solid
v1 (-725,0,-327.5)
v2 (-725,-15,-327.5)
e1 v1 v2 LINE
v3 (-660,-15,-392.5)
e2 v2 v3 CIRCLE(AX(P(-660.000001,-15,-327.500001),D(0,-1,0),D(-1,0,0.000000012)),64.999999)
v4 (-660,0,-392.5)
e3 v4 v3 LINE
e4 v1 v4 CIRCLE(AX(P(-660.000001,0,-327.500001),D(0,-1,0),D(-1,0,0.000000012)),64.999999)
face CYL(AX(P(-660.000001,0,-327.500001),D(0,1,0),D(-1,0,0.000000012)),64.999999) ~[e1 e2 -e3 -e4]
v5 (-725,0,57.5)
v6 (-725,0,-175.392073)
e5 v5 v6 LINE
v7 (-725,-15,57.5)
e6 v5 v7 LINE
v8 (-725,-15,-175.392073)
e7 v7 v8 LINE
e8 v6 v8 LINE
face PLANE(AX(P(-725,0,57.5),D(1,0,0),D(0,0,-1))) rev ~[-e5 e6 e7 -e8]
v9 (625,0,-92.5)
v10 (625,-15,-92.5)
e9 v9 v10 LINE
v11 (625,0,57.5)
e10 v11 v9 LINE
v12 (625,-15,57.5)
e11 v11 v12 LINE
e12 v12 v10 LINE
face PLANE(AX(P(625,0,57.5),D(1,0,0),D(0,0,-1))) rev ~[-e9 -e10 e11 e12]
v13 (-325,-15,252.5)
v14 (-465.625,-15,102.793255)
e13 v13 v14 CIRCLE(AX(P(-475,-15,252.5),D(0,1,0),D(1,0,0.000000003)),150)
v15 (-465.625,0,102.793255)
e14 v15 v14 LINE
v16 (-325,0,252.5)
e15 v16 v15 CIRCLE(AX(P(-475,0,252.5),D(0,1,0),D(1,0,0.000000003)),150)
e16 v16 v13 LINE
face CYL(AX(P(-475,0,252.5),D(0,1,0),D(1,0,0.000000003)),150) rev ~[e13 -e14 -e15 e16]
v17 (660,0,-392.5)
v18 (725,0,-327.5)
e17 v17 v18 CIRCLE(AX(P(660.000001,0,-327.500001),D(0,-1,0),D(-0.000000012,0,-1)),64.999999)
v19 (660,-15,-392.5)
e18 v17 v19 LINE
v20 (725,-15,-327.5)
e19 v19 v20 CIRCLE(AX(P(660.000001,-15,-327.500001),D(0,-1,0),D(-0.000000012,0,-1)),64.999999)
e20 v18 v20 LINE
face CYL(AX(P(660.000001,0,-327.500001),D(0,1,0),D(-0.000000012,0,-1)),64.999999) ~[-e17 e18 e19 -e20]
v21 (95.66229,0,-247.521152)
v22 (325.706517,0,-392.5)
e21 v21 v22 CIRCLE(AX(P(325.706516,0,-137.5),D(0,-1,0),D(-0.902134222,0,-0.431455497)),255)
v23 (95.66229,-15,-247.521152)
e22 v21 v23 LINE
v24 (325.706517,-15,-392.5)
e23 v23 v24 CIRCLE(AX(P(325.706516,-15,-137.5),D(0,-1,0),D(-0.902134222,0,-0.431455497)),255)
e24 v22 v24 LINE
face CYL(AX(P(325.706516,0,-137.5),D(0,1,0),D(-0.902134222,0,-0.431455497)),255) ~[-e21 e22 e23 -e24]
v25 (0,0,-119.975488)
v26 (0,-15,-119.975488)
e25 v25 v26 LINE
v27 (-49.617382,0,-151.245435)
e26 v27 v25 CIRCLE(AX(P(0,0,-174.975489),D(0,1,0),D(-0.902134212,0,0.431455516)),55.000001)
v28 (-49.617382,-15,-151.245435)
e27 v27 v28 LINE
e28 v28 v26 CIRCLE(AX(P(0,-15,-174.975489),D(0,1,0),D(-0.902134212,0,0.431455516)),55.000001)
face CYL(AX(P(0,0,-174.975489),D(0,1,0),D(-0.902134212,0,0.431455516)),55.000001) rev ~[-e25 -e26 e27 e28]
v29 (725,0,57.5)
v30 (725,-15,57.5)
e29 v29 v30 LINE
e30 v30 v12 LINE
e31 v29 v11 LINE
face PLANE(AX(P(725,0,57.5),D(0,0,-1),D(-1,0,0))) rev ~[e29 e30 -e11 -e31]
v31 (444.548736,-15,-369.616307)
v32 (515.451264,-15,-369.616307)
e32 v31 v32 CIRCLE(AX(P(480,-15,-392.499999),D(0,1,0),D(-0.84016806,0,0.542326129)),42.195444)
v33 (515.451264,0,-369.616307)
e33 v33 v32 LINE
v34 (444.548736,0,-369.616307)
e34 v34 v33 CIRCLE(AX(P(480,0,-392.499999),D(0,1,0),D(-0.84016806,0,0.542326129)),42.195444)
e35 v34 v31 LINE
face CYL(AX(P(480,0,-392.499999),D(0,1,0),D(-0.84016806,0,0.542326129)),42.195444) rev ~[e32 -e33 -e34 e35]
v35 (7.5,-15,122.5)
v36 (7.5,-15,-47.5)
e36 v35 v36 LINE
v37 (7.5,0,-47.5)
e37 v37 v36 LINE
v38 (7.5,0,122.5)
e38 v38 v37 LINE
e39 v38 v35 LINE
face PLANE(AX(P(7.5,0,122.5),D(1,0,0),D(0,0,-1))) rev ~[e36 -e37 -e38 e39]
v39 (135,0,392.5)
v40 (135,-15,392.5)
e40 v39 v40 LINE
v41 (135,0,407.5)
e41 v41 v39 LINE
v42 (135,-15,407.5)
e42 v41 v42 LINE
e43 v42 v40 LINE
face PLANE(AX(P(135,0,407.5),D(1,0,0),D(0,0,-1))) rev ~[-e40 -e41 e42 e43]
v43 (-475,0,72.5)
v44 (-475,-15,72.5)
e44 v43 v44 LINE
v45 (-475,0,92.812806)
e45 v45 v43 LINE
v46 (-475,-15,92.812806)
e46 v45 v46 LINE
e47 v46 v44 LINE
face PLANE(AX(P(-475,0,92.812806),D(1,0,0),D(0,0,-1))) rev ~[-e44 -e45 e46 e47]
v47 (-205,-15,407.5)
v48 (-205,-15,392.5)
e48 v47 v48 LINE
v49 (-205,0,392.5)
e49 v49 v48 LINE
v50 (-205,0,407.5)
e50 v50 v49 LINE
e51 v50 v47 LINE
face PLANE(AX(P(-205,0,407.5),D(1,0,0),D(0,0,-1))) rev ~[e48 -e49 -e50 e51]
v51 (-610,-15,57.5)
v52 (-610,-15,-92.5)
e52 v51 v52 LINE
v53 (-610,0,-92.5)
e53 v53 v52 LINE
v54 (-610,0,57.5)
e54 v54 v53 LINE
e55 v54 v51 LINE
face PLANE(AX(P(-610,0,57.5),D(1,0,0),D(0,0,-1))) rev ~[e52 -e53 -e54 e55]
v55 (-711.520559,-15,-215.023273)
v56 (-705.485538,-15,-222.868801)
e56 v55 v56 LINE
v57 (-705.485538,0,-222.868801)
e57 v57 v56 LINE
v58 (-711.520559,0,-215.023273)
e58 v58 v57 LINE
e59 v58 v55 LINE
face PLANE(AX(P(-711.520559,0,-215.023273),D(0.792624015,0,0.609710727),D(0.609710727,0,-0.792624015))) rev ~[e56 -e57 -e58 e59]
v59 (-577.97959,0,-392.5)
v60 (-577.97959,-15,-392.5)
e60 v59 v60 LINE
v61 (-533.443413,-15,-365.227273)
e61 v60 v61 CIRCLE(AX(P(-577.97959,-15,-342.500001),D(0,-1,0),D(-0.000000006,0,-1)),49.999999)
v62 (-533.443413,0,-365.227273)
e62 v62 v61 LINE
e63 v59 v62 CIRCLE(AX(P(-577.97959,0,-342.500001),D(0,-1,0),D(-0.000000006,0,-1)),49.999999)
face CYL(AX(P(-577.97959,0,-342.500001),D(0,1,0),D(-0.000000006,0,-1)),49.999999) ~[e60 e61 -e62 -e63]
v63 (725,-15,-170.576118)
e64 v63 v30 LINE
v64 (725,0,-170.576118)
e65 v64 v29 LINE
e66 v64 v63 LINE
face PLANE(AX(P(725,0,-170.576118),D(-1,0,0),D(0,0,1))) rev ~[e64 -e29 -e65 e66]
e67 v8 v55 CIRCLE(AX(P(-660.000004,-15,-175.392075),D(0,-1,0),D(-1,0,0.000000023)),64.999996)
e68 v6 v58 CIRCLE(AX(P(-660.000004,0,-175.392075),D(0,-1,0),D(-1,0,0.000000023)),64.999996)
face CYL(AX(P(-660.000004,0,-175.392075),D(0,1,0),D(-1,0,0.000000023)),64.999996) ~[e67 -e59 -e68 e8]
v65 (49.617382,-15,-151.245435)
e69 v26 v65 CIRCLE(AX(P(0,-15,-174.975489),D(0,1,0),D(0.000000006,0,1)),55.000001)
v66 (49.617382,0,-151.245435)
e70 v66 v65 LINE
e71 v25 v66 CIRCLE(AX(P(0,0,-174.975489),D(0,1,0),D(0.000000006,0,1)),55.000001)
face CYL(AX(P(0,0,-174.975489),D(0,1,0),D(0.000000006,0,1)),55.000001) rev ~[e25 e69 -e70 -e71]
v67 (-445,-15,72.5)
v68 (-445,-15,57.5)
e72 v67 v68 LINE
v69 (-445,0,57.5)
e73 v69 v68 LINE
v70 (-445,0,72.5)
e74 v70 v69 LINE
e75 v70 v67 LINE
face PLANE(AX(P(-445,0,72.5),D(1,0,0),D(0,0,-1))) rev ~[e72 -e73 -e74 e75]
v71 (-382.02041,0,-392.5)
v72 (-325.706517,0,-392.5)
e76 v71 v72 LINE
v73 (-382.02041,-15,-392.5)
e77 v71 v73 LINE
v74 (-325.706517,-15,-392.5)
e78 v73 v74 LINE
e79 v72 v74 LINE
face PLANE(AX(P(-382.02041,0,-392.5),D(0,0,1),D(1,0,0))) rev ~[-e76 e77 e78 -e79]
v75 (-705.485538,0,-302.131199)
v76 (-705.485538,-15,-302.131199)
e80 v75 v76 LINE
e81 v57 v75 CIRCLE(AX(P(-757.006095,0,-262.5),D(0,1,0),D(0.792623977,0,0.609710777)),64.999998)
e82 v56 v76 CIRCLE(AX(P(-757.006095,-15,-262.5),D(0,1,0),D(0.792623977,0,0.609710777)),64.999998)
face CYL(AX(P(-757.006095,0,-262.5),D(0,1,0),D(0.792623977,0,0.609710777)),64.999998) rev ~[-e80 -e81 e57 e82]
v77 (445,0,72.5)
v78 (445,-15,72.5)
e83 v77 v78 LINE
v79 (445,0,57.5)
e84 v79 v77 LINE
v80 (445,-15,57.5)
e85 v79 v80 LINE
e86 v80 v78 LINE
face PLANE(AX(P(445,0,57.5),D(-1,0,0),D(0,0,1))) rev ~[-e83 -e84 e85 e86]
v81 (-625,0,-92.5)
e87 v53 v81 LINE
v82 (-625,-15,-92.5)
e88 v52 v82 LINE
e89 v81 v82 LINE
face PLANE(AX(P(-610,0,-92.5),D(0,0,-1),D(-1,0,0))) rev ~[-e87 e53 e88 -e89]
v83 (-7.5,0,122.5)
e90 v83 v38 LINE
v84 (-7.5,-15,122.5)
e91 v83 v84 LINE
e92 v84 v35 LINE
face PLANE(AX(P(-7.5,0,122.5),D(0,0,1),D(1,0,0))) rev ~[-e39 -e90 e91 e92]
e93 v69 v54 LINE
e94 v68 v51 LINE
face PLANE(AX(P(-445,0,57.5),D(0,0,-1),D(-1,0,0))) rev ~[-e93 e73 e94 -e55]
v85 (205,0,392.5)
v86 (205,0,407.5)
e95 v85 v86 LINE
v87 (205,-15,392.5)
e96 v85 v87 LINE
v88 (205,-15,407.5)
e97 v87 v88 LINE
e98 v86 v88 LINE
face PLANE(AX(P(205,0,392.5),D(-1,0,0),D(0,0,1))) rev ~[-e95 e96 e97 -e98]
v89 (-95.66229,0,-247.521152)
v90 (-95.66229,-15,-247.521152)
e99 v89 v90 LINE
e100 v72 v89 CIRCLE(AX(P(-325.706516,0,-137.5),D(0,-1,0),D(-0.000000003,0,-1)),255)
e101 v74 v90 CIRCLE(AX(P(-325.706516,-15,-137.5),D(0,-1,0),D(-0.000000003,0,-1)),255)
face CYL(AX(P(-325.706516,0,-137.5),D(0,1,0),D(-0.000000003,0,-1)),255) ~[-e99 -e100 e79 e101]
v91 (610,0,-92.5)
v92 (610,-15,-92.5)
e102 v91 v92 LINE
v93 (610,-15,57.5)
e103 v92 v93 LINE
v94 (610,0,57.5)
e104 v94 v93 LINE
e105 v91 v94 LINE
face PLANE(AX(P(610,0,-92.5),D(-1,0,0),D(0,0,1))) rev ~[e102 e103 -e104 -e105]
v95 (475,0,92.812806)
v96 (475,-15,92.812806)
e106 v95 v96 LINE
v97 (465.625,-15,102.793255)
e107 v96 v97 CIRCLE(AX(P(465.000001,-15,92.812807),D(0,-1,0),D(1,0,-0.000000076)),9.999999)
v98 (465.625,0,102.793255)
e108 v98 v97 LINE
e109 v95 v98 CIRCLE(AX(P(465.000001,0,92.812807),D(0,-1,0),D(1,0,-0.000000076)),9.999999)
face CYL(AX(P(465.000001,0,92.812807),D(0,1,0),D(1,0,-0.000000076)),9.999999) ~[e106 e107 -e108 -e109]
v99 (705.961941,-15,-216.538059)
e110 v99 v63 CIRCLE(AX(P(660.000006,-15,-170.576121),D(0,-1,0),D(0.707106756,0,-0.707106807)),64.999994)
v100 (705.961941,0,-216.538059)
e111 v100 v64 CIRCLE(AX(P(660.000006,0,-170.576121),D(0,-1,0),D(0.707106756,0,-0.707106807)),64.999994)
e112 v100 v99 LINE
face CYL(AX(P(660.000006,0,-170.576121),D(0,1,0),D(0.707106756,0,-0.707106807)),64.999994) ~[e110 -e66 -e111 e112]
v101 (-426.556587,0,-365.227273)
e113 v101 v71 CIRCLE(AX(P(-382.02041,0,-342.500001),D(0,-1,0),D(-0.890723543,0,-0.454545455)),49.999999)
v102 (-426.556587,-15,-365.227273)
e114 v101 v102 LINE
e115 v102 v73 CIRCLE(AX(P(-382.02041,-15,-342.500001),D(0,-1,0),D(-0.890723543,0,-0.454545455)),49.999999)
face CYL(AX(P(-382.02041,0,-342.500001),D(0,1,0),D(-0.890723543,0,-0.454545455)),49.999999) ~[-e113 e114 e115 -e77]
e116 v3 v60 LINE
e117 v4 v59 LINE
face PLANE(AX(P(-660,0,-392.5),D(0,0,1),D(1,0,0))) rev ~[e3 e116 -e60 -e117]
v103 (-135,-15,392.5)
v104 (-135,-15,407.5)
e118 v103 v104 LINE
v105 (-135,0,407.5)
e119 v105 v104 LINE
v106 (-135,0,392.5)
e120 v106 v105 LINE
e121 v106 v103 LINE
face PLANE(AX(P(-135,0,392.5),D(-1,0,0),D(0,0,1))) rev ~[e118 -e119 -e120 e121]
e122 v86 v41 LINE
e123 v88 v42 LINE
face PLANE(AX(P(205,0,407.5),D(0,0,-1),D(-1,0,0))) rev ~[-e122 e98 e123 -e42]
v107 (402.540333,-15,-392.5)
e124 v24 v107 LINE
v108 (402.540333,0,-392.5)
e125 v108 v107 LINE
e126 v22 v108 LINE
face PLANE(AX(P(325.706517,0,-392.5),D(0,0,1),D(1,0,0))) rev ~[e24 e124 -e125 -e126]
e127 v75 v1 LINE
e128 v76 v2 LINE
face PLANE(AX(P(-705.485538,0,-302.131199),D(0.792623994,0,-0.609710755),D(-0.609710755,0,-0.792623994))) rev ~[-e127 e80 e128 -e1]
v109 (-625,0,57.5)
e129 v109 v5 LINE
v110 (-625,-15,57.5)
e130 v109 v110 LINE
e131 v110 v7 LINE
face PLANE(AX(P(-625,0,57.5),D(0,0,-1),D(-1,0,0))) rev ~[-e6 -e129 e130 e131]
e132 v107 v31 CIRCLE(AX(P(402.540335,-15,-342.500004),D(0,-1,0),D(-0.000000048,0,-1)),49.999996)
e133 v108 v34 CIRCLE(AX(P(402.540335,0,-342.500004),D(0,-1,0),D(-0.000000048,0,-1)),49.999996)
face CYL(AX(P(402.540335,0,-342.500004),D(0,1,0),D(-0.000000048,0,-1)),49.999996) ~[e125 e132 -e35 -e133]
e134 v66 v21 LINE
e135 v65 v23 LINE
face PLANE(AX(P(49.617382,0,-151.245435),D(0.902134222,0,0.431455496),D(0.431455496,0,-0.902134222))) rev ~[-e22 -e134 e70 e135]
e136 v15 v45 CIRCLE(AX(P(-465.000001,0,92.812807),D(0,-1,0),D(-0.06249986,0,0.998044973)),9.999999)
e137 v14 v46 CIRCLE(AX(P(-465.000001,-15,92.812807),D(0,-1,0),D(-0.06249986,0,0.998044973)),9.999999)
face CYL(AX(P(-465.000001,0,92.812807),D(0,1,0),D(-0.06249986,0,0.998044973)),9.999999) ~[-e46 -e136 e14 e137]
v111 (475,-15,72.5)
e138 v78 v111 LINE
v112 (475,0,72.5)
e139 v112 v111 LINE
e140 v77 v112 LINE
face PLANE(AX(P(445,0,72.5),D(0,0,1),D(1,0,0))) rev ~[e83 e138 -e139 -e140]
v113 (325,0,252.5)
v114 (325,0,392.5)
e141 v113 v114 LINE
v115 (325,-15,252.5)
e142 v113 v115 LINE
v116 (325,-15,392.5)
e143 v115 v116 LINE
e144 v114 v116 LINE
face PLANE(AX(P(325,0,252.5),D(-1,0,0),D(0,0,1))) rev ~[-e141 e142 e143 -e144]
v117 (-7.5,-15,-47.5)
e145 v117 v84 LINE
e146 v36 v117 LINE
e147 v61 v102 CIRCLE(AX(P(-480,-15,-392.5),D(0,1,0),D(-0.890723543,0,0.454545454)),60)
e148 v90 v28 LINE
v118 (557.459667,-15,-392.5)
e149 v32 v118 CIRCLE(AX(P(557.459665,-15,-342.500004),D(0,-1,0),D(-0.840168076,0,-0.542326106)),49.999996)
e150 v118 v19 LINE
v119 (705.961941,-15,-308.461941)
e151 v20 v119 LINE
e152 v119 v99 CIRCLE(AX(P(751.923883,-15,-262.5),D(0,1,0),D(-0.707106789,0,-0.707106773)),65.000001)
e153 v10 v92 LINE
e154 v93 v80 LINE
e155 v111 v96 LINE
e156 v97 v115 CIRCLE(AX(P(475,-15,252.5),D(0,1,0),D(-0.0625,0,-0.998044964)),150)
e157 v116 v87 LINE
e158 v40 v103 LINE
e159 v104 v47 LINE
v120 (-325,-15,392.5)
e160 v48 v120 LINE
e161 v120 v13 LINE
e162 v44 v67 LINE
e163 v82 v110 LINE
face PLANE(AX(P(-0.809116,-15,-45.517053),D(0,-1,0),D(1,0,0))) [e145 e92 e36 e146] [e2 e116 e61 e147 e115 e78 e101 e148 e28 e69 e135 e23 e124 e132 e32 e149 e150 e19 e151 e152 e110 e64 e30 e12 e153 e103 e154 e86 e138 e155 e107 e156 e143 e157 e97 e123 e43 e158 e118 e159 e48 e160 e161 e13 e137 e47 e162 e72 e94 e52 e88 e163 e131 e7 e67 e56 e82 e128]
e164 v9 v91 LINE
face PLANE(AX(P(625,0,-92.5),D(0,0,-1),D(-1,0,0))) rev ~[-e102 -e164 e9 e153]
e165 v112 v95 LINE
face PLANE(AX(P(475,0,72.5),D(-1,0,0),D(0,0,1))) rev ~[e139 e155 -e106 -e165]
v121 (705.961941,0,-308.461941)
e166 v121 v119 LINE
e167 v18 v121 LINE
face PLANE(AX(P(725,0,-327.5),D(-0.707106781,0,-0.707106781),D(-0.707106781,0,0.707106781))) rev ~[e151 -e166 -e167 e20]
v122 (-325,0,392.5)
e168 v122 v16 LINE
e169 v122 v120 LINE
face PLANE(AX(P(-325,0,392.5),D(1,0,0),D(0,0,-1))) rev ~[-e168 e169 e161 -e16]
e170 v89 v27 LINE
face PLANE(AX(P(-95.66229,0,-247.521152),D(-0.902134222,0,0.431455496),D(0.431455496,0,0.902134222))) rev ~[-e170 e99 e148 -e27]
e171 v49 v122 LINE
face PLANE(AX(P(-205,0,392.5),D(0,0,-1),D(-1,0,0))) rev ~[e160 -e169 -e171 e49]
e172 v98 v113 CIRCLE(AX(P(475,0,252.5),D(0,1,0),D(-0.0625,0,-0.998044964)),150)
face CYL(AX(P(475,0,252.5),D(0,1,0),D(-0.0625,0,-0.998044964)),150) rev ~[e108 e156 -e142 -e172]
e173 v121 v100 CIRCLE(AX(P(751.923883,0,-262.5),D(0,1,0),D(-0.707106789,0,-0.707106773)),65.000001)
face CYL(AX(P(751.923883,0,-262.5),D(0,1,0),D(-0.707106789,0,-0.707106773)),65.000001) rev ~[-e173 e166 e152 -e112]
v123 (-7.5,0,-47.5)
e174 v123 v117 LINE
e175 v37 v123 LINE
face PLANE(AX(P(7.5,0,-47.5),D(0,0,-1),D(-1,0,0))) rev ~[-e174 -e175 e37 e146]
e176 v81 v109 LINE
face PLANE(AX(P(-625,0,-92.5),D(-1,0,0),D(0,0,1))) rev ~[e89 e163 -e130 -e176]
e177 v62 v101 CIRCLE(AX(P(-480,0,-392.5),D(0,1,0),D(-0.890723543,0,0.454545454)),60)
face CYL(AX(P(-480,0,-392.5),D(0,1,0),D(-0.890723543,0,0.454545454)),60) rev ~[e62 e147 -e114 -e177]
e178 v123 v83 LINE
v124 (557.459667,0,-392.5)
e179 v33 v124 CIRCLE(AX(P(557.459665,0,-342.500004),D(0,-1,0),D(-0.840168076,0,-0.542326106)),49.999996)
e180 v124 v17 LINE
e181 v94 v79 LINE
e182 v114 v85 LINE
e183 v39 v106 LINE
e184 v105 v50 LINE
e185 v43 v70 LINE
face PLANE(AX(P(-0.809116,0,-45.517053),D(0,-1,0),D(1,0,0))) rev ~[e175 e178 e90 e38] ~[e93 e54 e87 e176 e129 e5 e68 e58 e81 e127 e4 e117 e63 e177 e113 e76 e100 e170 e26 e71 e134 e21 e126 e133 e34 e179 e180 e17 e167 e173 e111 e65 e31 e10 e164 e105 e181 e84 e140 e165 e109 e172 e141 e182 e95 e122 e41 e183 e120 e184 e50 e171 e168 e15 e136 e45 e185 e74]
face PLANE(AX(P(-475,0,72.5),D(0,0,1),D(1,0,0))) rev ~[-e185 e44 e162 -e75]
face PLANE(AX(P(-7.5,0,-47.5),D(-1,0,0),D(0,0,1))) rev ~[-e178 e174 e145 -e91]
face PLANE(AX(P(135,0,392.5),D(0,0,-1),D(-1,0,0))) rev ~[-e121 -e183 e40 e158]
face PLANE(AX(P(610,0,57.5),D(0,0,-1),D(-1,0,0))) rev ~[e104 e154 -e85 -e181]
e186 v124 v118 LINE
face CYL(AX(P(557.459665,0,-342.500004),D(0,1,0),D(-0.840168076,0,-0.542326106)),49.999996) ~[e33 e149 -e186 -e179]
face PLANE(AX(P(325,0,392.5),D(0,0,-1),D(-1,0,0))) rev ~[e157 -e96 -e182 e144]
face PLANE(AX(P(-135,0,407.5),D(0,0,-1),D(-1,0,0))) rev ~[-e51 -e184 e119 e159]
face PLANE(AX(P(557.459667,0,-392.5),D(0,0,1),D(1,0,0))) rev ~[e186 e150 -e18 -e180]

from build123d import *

# Parameters (mm, degrees)
F1_DEPTH = 15


with BuildPart() as f1:
    # F0 (on Front) → F1 (new body)
    with BuildSketch(Plane.XZ):
        with BuildLine():
            Line((-205, 392.5), (-325, 392.5))
            Line((-325, 392.5), (-325, 312.5))
            Line((-325, 312.5), (-325, 257.5))
            Line((-325, 257.5), (-325, 252.5))
            ThreePointArc((-325, 252.5), (-365.669652, 149.80202), (-465.625, 102.793255))
            ThreePointArc((-465.625, 102.793255), (-472.28869, 99.659338), (-475, 92.812806))
            Line((-475, 92.812806), (-475, 72.5))
            Line((-475, 72.5), (-445, 72.5))
            Line((-445, 72.5), (-445, 57.5))
            Line((-445, 57.5), (-610, 57.5))
            Line((-610, 57.5), (-610, -92.5))
            Line((-610, -92.5), (-625, -92.5))
            Line((-625, -92.5), (-625, 57.5))
            Line((-625, 57.5), (-725, 57.5))
            Line((-725, 57.5), (-725, -175.392073))
            ThreePointArc((-725, -175.392073), (-721.537941, -196.322478), (-711.520559, -215.023273))
            Line((-711.520559, -215.023273), (-705.485538, -222.868801))
            ThreePointArc((-705.485538, -222.868801), (-692.006097, -262.5), (-705.485538, -302.131199))
            Line((-705.485538, -302.131199), (-725, -327.5))
            ThreePointArc((-725, -327.5), (-705.961941, -373.461941), (-660, -392.5))
            Line((-660, -392.5), (-577.97959, -392.5))
            ThreePointArc((-577.97959, -392.5), (-551.867941, -385.140143), (-533.443413, -365.227273))
            ThreePointArc((-533.443413, -365.227273), (-480, -332.5), (-426.556587, -365.227273))
            ThreePointArc((-426.556587, -365.227273), (-408.132059, -385.140143), (-382.02041, -392.5))
            Line((-382.02041, -392.5), (-325.706517, -392.5))
            ThreePointArc((-325.706517, -392.5), (-189.747688, -353.231771), (-95.66229, -247.521152))
            Line((-95.66229, -247.521152), (-49.617382, -151.245435))
            ThreePointArc((-49.617382, -151.245435), (-29.324453, -128.445106), (0, -119.975488))
            ThreePointArc((0, -119.975488), (29.324453, -128.445106), (49.617382, -151.245435))
            Line((49.617382, -151.245435), (95.66229, -247.521152))
            ThreePointArc((95.66229, -247.521152), (189.747688, -353.231771), (325.706517, -392.5))
            Line((325.706517, -392.5), (402.540333, -392.5))
            ThreePointArc((402.540333, -392.5), (426.458785, -386.407946), (444.548736, -369.616307))
            ThreePointArc((444.548736, -369.616307), (480, -350.304555), (515.451264, -369.616307))
            ThreePointArc((515.451264, -369.616307), (533.541215, -386.407946), (557.459667, -392.5))
            Line((557.459667, -392.5), (660, -392.5))
            ThreePointArc((660, -392.5), (705.961941, -373.461941), (725, -327.5))
            Line((725, -327.5), (705.961941, -308.461941))
            ThreePointArc((705.961941, -308.461941), (686.923882, -262.5), (705.961941, -216.538059))
            ThreePointArc((705.961941, -216.538059), (720.05217, -195.450542), (725, -170.576118))
            Line((725, -170.576118), (725, 57.5))
            Line((725, 57.5), (625, 57.5))
            Line((625, 57.5), (625, -92.5))
            Line((625, -92.5), (610, -92.5))
            Line((610, -92.5), (610, 57.5))
            Line((610, 57.5), (445, 57.5))
            Line((445, 57.5), (445, 72.5))
            Line((445, 72.5), (475, 72.5))
            Line((475, 72.5), (475, 92.812806))
            ThreePointArc((475, 92.812806), (472.28869, 99.659338), (465.625, 102.793255))
            ThreePointArc((465.625, 102.793255), (365.669652, 149.80202), (325, 252.5))
            Line((325, 252.5), (325, 257.5))
            Line((325, 257.5), (325, 312.5))
            Line((325, 312.5), (325, 392.5))
            Line((325, 392.5), (205, 392.5))
            Line((205, 392.5), (205, 407.5))
            Line((205, 407.5), (135, 407.5))
            Line((135, 407.5), (135, 392.5))
            Line((135, 392.5), (-135, 392.5))
            Line((-135, 392.5), (-135, 407.5))
            Line((-135, 407.5), (-205, 407.5))
            Line((-205, 407.5), (-205, 392.5))
        make_face()
        Polygon((7.5, -47.5), (0, -47.5), (-7.5, -47.5), (-7.5, 122.5), (7.5, 122.5), align=None, mode=Mode.SUBTRACT)
    extrude(amount=F1_DEPTH)


solid = f1.part
